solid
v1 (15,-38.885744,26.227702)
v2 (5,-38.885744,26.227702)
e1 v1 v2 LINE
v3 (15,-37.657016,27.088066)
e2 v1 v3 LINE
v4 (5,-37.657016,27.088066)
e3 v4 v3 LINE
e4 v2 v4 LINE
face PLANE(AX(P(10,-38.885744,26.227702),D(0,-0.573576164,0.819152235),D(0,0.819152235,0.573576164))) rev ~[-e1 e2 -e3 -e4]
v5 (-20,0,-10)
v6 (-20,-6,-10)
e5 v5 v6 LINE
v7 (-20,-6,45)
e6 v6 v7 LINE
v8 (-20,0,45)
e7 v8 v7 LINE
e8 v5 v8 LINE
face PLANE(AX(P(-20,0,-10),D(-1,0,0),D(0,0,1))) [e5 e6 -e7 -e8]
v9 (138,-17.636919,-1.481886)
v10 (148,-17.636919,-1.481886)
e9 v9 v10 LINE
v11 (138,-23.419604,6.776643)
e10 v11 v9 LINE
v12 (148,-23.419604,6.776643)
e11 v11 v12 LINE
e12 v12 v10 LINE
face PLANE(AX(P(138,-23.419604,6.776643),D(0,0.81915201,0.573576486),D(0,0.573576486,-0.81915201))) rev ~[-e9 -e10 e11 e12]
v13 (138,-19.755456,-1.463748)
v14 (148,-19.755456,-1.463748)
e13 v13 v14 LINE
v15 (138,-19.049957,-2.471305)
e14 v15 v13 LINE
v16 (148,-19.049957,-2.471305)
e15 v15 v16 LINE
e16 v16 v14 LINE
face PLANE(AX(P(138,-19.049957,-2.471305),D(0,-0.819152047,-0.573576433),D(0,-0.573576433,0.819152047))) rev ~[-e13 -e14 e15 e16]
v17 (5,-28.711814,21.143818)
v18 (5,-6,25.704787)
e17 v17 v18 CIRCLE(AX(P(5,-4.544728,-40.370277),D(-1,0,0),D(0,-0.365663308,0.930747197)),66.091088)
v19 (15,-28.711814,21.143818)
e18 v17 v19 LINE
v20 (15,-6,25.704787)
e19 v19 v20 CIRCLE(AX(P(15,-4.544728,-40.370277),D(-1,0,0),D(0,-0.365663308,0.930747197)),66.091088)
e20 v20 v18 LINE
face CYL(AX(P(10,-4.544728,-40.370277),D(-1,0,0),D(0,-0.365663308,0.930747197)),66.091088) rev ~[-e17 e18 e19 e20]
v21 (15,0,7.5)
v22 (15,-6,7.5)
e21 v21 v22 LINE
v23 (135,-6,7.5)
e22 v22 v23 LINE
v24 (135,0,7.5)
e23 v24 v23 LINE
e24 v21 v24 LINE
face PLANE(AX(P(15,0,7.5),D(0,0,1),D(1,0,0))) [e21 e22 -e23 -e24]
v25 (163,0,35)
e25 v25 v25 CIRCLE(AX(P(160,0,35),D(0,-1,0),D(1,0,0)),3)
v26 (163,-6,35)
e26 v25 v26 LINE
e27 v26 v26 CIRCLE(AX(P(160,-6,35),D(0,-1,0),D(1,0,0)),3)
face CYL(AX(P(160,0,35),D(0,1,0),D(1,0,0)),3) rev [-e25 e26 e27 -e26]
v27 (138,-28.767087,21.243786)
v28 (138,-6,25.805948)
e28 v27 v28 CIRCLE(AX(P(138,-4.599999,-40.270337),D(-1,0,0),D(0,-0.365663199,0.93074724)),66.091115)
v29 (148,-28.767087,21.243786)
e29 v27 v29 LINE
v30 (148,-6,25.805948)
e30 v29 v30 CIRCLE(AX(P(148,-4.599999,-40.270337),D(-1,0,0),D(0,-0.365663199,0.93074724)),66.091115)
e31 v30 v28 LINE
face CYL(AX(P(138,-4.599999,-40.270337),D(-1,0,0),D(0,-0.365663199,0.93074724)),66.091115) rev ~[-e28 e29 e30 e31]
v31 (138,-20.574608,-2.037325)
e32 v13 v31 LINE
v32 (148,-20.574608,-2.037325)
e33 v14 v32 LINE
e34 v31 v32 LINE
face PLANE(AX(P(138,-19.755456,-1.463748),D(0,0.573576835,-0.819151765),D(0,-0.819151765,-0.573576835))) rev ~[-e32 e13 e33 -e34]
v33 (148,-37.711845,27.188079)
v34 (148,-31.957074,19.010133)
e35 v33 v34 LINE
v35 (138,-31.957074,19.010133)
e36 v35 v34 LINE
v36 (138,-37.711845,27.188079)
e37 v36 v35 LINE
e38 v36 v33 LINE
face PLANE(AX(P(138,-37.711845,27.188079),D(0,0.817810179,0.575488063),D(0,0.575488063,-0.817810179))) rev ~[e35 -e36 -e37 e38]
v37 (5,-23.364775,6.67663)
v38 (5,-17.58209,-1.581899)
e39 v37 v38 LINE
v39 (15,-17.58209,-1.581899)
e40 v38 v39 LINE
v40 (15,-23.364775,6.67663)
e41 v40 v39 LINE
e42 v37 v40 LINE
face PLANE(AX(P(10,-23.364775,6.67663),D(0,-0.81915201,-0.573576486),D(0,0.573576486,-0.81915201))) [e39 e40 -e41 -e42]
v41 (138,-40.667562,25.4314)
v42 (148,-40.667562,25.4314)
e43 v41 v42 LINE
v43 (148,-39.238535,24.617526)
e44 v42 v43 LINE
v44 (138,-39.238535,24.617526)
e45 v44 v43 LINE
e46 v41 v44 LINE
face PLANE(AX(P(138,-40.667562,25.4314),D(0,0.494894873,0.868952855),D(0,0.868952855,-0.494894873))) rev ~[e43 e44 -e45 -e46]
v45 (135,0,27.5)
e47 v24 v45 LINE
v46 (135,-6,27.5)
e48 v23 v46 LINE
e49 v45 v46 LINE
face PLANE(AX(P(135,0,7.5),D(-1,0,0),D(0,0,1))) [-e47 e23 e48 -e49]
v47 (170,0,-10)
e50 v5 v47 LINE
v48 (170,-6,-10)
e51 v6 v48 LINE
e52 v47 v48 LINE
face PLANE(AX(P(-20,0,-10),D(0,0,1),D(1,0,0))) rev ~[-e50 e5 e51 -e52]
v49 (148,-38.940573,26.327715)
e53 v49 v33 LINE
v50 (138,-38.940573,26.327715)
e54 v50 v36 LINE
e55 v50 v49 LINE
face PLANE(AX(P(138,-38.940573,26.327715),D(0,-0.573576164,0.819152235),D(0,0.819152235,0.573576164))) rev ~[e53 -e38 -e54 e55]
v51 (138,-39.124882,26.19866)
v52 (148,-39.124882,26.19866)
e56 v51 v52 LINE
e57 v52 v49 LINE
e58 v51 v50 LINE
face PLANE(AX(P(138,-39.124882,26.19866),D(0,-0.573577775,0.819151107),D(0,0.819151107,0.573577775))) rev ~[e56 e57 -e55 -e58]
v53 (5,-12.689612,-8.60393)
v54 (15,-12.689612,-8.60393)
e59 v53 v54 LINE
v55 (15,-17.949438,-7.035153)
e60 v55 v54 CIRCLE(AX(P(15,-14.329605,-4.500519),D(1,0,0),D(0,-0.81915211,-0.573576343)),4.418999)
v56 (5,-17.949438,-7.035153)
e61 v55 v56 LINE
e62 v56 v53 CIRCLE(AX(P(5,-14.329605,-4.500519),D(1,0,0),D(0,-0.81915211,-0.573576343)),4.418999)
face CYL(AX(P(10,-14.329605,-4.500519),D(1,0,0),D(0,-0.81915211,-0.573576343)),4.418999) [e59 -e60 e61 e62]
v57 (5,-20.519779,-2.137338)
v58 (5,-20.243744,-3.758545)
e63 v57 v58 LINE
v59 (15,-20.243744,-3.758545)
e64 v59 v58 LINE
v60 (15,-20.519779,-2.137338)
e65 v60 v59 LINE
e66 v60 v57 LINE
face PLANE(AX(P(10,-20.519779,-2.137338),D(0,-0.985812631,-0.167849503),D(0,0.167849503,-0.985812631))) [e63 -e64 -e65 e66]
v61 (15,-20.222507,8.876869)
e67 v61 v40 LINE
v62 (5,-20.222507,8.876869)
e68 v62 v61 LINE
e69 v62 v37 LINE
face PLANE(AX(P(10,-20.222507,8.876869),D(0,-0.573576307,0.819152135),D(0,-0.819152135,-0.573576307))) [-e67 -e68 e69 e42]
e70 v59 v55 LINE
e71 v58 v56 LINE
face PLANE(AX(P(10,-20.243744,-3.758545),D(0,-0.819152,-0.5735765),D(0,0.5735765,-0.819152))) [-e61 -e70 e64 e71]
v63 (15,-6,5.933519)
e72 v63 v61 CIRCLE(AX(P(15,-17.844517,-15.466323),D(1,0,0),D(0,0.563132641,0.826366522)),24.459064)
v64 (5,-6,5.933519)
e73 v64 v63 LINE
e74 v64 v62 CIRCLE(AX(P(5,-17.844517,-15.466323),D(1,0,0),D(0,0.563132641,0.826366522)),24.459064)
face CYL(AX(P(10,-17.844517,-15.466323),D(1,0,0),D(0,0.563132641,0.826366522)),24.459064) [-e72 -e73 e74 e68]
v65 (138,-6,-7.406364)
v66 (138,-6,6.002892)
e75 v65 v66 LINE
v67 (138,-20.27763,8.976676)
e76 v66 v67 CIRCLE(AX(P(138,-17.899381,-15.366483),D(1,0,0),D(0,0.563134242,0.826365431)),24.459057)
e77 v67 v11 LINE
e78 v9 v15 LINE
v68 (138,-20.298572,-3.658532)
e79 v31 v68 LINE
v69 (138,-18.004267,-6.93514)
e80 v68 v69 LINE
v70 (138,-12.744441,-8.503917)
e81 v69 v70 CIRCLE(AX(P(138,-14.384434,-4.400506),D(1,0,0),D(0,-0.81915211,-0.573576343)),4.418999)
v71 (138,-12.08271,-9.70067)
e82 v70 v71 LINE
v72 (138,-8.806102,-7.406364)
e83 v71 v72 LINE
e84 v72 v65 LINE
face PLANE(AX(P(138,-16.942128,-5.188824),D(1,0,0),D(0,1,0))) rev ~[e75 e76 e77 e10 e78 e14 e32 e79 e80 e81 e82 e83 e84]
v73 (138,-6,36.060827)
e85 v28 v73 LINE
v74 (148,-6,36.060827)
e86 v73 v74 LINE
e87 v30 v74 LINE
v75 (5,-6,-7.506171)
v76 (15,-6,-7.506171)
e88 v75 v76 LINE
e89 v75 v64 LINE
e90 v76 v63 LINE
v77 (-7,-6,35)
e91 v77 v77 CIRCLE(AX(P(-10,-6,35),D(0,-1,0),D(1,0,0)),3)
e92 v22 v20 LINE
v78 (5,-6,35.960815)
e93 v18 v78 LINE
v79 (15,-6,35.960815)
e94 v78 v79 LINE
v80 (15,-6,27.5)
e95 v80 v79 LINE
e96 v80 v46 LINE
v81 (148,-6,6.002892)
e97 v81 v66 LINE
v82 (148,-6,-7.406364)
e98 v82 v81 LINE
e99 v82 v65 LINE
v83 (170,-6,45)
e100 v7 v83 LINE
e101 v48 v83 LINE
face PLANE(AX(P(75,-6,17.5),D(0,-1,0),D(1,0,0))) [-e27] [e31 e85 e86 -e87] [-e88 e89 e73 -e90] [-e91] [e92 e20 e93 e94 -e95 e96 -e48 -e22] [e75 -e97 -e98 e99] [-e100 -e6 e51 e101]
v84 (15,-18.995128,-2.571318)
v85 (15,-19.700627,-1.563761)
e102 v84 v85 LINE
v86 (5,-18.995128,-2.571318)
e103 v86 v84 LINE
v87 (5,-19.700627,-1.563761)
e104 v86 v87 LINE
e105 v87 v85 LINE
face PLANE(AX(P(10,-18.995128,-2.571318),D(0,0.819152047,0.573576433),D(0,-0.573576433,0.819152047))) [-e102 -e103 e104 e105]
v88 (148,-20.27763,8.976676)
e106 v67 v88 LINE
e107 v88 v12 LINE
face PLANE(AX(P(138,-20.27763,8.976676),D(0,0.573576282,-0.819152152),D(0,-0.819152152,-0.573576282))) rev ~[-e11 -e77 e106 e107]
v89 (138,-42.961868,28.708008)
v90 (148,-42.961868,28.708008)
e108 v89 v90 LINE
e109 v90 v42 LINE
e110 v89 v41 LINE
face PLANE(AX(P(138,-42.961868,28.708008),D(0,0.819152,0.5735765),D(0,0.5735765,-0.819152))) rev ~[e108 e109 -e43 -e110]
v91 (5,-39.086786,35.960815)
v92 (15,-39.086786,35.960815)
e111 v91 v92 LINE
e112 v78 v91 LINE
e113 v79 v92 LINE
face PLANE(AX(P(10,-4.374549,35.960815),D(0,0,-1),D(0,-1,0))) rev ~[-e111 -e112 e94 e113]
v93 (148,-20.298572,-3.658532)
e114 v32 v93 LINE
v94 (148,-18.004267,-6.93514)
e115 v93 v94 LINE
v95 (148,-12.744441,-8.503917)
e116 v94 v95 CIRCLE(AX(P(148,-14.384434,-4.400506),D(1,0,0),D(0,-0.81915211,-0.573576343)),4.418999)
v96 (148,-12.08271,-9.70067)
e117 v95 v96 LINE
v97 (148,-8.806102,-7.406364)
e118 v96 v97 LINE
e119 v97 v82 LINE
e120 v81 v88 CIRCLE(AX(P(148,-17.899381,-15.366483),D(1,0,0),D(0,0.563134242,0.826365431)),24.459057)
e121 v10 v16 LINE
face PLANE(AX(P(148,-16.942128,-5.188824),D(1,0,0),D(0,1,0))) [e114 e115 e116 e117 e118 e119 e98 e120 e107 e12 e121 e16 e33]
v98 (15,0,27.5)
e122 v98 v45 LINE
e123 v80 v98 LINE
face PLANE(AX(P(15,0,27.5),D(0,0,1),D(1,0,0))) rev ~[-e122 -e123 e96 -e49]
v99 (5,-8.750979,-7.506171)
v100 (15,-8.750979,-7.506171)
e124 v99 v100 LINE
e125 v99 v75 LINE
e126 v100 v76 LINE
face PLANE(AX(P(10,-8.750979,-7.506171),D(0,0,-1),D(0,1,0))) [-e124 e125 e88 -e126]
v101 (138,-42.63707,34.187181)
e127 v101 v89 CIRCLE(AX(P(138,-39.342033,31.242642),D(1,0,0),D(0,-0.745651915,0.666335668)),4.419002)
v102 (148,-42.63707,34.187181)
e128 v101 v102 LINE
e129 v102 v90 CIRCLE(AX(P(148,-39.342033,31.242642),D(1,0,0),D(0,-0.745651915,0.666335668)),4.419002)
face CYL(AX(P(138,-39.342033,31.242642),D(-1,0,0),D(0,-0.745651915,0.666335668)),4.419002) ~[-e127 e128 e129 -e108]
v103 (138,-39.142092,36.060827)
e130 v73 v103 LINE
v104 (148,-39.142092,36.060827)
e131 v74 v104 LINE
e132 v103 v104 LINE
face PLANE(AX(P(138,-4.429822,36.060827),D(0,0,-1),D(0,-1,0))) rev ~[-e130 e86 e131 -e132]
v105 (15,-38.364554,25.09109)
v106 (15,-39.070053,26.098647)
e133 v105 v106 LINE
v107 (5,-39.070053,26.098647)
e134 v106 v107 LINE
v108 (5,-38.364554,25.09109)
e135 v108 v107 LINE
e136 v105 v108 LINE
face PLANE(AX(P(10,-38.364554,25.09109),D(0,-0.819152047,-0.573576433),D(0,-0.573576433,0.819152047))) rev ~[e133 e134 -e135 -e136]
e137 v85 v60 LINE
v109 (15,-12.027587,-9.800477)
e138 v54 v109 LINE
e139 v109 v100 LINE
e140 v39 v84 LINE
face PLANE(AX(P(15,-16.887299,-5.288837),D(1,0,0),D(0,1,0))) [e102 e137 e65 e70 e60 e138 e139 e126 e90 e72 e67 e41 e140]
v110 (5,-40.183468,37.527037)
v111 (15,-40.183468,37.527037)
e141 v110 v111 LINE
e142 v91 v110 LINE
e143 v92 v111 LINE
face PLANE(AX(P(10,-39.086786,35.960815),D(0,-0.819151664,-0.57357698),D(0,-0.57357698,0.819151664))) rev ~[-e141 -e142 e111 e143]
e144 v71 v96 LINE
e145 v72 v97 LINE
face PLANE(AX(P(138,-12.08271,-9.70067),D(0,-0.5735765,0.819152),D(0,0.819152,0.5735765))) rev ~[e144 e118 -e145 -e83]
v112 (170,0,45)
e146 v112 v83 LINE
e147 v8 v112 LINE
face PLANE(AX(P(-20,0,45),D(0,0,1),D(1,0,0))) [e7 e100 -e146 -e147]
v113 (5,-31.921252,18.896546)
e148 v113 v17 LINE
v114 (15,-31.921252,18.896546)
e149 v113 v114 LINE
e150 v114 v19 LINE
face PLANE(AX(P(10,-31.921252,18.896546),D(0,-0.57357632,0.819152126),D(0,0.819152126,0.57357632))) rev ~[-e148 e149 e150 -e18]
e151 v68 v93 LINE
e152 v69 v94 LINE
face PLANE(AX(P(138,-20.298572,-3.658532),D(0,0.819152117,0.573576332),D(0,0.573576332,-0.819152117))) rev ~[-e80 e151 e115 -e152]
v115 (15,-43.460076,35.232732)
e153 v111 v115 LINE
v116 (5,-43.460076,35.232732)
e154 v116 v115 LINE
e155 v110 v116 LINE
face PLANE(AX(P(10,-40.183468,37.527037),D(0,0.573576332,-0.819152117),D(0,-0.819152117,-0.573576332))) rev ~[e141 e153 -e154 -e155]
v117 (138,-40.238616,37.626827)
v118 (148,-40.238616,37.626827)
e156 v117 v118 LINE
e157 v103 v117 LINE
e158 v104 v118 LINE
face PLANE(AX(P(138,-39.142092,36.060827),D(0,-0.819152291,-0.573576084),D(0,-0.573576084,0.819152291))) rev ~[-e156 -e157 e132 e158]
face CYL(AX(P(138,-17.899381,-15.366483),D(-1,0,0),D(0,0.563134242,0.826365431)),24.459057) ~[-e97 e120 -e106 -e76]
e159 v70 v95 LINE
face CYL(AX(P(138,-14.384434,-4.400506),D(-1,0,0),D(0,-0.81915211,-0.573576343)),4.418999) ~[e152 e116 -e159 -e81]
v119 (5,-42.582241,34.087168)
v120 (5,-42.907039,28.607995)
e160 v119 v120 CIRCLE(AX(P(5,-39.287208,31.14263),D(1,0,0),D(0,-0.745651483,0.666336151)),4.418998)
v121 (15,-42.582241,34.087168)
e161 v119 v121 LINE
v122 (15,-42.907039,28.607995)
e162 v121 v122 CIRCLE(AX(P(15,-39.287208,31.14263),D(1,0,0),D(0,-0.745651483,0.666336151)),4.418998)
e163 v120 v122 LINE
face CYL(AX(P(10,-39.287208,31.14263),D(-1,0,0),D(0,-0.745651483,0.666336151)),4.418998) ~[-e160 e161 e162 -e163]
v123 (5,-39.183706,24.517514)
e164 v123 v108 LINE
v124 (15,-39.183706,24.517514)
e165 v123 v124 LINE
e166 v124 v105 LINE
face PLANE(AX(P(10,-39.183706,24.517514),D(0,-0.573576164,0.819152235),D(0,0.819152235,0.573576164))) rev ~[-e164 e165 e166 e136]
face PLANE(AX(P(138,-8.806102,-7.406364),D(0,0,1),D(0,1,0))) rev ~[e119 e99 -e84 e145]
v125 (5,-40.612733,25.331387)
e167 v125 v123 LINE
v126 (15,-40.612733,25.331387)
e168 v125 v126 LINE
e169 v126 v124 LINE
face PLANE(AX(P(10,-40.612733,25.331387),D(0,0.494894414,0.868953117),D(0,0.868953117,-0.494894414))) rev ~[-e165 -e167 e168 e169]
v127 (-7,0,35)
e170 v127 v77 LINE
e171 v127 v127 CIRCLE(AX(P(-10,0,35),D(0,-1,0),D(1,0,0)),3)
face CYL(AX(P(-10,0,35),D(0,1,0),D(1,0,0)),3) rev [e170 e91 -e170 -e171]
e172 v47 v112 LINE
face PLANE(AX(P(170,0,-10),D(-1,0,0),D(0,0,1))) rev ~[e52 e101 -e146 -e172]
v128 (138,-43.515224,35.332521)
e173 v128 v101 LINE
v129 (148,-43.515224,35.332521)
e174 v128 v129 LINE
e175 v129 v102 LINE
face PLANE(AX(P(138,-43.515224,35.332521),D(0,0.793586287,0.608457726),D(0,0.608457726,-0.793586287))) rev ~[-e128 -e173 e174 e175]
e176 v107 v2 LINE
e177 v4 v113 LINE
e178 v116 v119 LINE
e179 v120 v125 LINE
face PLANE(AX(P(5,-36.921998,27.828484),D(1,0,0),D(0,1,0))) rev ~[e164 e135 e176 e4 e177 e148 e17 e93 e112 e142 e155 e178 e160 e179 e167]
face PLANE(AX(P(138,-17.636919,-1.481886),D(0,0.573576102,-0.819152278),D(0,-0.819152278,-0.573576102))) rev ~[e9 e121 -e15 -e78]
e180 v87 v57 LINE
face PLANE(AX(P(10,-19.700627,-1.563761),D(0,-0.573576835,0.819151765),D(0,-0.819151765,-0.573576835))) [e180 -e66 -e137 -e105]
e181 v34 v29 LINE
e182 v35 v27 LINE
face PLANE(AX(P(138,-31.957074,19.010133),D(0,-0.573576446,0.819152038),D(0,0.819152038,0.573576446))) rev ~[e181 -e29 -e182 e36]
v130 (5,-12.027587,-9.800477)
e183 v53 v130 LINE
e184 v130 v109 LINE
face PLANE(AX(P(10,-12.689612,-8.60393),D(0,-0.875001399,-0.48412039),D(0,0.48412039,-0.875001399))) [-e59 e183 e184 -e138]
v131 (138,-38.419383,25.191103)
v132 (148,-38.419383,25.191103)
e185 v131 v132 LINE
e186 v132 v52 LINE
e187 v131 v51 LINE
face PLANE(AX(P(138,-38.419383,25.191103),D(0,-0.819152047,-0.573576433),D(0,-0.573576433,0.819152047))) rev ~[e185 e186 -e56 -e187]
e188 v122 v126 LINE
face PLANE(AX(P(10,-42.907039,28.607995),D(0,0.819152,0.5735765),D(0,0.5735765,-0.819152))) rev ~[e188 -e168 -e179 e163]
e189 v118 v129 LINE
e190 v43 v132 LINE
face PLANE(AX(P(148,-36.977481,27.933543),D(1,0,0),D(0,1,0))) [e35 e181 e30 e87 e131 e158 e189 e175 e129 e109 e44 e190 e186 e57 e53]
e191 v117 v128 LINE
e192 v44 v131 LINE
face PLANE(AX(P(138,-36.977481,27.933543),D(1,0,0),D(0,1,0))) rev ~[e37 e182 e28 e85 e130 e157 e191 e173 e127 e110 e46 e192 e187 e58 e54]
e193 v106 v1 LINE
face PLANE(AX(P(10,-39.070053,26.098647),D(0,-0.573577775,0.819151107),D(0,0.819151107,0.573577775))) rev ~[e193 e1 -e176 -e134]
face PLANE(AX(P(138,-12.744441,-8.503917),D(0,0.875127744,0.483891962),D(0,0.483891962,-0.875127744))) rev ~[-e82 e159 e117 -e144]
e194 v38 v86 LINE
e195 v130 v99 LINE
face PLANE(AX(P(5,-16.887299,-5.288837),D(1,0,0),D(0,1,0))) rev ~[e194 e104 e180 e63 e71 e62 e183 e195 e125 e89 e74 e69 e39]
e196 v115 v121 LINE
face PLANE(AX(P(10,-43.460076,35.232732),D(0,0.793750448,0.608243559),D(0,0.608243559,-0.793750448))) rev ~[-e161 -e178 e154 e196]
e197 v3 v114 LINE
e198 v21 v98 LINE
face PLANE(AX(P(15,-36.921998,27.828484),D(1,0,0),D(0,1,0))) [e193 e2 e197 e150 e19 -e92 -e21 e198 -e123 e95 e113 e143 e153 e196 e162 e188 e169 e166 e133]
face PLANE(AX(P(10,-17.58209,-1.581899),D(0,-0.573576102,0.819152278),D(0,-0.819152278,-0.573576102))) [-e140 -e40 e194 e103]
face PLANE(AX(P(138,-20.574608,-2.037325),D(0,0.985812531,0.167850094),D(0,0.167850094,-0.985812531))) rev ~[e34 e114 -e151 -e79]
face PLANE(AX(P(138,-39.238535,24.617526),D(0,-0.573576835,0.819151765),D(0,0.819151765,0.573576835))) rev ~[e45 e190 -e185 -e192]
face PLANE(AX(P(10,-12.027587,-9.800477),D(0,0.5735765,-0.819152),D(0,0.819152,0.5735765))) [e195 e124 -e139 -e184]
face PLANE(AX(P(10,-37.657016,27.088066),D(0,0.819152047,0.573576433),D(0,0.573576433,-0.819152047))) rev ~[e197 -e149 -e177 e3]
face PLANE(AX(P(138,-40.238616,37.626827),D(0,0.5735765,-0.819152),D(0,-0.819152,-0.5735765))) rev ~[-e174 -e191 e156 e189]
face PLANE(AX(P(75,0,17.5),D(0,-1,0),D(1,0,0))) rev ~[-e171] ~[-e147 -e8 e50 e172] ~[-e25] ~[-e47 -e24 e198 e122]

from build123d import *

# Parameters (mm, degrees)
F1_W     = 190
F1_H     = 55
F1_R     = 3
F1_W_2   = 120
F1_H_2   = 20
F2_DEPTH = 6
F7_DEPTH = 5
F8_DEPTH = 10


with BuildPart() as f2:
    # F1 (on Front) → F2 (new body)
    with BuildSketch(Plane.XZ):
        with Locations((75, 17.5)):
            Rectangle(F1_W, F1_H)
        with Locations((-10, 35)):
            Circle(F1_R, mode=Mode.SUBTRACT)
        with Locations((75, 17.5)):
            Rectangle(F1_W_2, F1_H_2, mode=Mode.SUBTRACT)
        with Locations((160, 35)):
            Circle(F1_R, mode=Mode.SUBTRACT)
    extrude(amount=F2_DEPTH)

    # F6 (on offset) → F7 (join, symmetric)
    with BuildSketch(Plane.YZ.offset(10)):
        with BuildLine():
            Line((-38.885744, 26.227702), (-37.657016, 27.088066))
            Line((-37.657016, 27.088066), (-31.921252, 18.896546))
            Line((-31.921252, 18.896546), (-28.711814, 21.143818))
            Line((-28.711814, 21.143818), (-39.086786, 35.960815))
            Line((-39.086786, 35.960815), (-40.183468, 37.527037))
            Line((-40.183468, 37.527037), (-43.460076, 35.232732))
            Line((-43.460076, 35.232732), (-42.582241, 34.087168))
            ThreePointArc((-42.582241, 34.087168), (-43.698463, 31.404123), (-42.907039, 28.607995))
            Line((-42.907039, 28.607995), (-40.612733, 25.331387))
            Line((-40.612733, 25.331387), (-39.183706, 24.517514))
            Line((-39.183706, 24.517514), (-38.364554, 25.09109))
            Line((-38.364554, 25.09109), (-39.070053, 26.098647))
            Line((-39.070053, 26.098647), (-38.885744, 26.227702))
        make_face()
        with BuildLine():
            Line((-39.086786, 35.960815), (-28.711814, 21.143818))
            ThreePointArc((-28.711814, 21.143818), (-16.759457, 24.582262), (-4.374549, 25.720592))
            Line((-4.374549, 25.720592), (-4.374549, 35.960815))
            Line((-4.374549, 35.960815), (-39.086786, 35.960815))
        make_face()
        with BuildLine():
            ThreePointArc((-17.949438, -7.035153), (-15.59262, -8.73518), (-12.689612, -8.60393))
            Line((-12.689612, -8.60393), (-17.581842, -1.582256))
            Line((-17.581842, -1.582256), (-17.58209, -1.581899))
            Line((-17.58209, -1.581899), (-18.995128, -2.571318))
            Line((-18.995128, -2.571318), (-19.700627, -1.563761))
            Line((-19.700627, -1.563761), (-20.519779, -2.137338))
            Line((-20.519779, -2.137338), (-20.243744, -3.758545))
            Line((-20.243744, -3.758545), (-17.949438, -7.035153))
        make_face()
        Polygon((-17.581842, -1.582256), (-12.689612, -8.60393), (-12.027587, -9.800477), (-8.750979, -7.506171), (-20.222507, 8.876869), (-23.364775, 6.67663), (-17.58209, -1.581899), align=None)
        with BuildLine():
            Line((-20.222507, 8.876869), (-8.750979, -7.506171))
            Line((-8.750979, -7.506171), (-4.07082, -7.506171))
            Line((-4.07082, -7.506171), (-4.07082, 4.745829))
            ThreePointArc((-4.07082, 4.745829), (-11.783832, 8.229962), (-20.222507, 8.876869))
        make_face()
    extrude(amount=F7_DEPTH, both=True)

    # F5 (on offset) → F8 (join)
    with BuildSketch(Plane.YZ.offset(138)):
        with BuildLine():
            Line((-38.940573, 26.327715), (-37.711845, 27.188079))
            Line((-37.711845, 27.188079), (-31.957074, 19.010133))
            Line((-31.957074, 19.010133), (-28.767087, 21.243786))
            Line((-28.767087, 21.243786), (-39.142092, 36.060827))
            Line((-39.142092, 36.060827), (-40.238616, 37.626827))
            Line((-40.238616, 37.626827), (-43.515224, 35.332521))
            Line((-43.515224, 35.332521), (-42.63707, 34.187181))
            ThreePointArc((-42.63707, 34.187181), (-43.753291, 31.504136), (-42.961868, 28.708008))
            Line((-42.961868, 28.708008), (-40.667562, 25.4314))
            Line((-40.667562, 25.4314), (-39.238535, 24.617526))
            Line((-39.238535, 24.617526), (-38.419383, 25.191103))
            Line((-38.419383, 25.191103), (-39.124882, 26.19866))
            Line((-39.124882, 26.19866), (-38.940573, 26.327715))
        make_face()
        with BuildLine():
            Line((-39.142092, 36.060827), (-28.767087, 21.243786))
            ThreePointArc((-28.767087, 21.243786), (-16.81473, 24.682229), (-4.429822, 25.820559))
            Line((-4.429822, 25.820559), (-4.429822, 36.060827))
            Line((-4.429822, 36.060827), (-39.142092, 36.060827))
        make_face()
        with BuildLine():
            ThreePointArc((-18.004267, -6.93514), (-15.647449, -8.635167), (-12.744441, -8.503917))
            Line((-12.744441, -8.503917), (-17.636671, -1.482243))
            Line((-17.636671, -1.482243), (-17.636919, -1.481886))
            Line((-17.636919, -1.481886), (-19.049957, -2.471305))
            Line((-19.049957, -2.471305), (-19.755456, -1.463748))
            Line((-19.755456, -1.463748), (-20.574608, -2.037325))
            Line((-20.574608, -2.037325), (-20.298572, -3.658532))
            Line((-20.298572, -3.658532), (-18.004267, -6.93514))
        make_face()
        Polygon((-17.636671, -1.482243), (-12.744441, -8.503917), (-12.08271, -9.70067), (-8.806102, -7.406364), (-20.27763, 8.976676), (-23.419604, 6.776643), (-17.636919, -1.481886), align=None)
        with BuildLine():
            Line((-20.27763, 8.976676), (-8.806102, -7.406364))
            Line((-8.806102, -7.406364), (-4.125649, -7.406364))
            Line((-4.125649, -7.406364), (-4.125649, 4.845636))
            ThreePointArc((-4.125649, 4.845636), (-11.838801, 8.329821), (-20.27763, 8.976676))
        make_face()
    extrude(amount=F8_DEPTH)


solid = f2.part
